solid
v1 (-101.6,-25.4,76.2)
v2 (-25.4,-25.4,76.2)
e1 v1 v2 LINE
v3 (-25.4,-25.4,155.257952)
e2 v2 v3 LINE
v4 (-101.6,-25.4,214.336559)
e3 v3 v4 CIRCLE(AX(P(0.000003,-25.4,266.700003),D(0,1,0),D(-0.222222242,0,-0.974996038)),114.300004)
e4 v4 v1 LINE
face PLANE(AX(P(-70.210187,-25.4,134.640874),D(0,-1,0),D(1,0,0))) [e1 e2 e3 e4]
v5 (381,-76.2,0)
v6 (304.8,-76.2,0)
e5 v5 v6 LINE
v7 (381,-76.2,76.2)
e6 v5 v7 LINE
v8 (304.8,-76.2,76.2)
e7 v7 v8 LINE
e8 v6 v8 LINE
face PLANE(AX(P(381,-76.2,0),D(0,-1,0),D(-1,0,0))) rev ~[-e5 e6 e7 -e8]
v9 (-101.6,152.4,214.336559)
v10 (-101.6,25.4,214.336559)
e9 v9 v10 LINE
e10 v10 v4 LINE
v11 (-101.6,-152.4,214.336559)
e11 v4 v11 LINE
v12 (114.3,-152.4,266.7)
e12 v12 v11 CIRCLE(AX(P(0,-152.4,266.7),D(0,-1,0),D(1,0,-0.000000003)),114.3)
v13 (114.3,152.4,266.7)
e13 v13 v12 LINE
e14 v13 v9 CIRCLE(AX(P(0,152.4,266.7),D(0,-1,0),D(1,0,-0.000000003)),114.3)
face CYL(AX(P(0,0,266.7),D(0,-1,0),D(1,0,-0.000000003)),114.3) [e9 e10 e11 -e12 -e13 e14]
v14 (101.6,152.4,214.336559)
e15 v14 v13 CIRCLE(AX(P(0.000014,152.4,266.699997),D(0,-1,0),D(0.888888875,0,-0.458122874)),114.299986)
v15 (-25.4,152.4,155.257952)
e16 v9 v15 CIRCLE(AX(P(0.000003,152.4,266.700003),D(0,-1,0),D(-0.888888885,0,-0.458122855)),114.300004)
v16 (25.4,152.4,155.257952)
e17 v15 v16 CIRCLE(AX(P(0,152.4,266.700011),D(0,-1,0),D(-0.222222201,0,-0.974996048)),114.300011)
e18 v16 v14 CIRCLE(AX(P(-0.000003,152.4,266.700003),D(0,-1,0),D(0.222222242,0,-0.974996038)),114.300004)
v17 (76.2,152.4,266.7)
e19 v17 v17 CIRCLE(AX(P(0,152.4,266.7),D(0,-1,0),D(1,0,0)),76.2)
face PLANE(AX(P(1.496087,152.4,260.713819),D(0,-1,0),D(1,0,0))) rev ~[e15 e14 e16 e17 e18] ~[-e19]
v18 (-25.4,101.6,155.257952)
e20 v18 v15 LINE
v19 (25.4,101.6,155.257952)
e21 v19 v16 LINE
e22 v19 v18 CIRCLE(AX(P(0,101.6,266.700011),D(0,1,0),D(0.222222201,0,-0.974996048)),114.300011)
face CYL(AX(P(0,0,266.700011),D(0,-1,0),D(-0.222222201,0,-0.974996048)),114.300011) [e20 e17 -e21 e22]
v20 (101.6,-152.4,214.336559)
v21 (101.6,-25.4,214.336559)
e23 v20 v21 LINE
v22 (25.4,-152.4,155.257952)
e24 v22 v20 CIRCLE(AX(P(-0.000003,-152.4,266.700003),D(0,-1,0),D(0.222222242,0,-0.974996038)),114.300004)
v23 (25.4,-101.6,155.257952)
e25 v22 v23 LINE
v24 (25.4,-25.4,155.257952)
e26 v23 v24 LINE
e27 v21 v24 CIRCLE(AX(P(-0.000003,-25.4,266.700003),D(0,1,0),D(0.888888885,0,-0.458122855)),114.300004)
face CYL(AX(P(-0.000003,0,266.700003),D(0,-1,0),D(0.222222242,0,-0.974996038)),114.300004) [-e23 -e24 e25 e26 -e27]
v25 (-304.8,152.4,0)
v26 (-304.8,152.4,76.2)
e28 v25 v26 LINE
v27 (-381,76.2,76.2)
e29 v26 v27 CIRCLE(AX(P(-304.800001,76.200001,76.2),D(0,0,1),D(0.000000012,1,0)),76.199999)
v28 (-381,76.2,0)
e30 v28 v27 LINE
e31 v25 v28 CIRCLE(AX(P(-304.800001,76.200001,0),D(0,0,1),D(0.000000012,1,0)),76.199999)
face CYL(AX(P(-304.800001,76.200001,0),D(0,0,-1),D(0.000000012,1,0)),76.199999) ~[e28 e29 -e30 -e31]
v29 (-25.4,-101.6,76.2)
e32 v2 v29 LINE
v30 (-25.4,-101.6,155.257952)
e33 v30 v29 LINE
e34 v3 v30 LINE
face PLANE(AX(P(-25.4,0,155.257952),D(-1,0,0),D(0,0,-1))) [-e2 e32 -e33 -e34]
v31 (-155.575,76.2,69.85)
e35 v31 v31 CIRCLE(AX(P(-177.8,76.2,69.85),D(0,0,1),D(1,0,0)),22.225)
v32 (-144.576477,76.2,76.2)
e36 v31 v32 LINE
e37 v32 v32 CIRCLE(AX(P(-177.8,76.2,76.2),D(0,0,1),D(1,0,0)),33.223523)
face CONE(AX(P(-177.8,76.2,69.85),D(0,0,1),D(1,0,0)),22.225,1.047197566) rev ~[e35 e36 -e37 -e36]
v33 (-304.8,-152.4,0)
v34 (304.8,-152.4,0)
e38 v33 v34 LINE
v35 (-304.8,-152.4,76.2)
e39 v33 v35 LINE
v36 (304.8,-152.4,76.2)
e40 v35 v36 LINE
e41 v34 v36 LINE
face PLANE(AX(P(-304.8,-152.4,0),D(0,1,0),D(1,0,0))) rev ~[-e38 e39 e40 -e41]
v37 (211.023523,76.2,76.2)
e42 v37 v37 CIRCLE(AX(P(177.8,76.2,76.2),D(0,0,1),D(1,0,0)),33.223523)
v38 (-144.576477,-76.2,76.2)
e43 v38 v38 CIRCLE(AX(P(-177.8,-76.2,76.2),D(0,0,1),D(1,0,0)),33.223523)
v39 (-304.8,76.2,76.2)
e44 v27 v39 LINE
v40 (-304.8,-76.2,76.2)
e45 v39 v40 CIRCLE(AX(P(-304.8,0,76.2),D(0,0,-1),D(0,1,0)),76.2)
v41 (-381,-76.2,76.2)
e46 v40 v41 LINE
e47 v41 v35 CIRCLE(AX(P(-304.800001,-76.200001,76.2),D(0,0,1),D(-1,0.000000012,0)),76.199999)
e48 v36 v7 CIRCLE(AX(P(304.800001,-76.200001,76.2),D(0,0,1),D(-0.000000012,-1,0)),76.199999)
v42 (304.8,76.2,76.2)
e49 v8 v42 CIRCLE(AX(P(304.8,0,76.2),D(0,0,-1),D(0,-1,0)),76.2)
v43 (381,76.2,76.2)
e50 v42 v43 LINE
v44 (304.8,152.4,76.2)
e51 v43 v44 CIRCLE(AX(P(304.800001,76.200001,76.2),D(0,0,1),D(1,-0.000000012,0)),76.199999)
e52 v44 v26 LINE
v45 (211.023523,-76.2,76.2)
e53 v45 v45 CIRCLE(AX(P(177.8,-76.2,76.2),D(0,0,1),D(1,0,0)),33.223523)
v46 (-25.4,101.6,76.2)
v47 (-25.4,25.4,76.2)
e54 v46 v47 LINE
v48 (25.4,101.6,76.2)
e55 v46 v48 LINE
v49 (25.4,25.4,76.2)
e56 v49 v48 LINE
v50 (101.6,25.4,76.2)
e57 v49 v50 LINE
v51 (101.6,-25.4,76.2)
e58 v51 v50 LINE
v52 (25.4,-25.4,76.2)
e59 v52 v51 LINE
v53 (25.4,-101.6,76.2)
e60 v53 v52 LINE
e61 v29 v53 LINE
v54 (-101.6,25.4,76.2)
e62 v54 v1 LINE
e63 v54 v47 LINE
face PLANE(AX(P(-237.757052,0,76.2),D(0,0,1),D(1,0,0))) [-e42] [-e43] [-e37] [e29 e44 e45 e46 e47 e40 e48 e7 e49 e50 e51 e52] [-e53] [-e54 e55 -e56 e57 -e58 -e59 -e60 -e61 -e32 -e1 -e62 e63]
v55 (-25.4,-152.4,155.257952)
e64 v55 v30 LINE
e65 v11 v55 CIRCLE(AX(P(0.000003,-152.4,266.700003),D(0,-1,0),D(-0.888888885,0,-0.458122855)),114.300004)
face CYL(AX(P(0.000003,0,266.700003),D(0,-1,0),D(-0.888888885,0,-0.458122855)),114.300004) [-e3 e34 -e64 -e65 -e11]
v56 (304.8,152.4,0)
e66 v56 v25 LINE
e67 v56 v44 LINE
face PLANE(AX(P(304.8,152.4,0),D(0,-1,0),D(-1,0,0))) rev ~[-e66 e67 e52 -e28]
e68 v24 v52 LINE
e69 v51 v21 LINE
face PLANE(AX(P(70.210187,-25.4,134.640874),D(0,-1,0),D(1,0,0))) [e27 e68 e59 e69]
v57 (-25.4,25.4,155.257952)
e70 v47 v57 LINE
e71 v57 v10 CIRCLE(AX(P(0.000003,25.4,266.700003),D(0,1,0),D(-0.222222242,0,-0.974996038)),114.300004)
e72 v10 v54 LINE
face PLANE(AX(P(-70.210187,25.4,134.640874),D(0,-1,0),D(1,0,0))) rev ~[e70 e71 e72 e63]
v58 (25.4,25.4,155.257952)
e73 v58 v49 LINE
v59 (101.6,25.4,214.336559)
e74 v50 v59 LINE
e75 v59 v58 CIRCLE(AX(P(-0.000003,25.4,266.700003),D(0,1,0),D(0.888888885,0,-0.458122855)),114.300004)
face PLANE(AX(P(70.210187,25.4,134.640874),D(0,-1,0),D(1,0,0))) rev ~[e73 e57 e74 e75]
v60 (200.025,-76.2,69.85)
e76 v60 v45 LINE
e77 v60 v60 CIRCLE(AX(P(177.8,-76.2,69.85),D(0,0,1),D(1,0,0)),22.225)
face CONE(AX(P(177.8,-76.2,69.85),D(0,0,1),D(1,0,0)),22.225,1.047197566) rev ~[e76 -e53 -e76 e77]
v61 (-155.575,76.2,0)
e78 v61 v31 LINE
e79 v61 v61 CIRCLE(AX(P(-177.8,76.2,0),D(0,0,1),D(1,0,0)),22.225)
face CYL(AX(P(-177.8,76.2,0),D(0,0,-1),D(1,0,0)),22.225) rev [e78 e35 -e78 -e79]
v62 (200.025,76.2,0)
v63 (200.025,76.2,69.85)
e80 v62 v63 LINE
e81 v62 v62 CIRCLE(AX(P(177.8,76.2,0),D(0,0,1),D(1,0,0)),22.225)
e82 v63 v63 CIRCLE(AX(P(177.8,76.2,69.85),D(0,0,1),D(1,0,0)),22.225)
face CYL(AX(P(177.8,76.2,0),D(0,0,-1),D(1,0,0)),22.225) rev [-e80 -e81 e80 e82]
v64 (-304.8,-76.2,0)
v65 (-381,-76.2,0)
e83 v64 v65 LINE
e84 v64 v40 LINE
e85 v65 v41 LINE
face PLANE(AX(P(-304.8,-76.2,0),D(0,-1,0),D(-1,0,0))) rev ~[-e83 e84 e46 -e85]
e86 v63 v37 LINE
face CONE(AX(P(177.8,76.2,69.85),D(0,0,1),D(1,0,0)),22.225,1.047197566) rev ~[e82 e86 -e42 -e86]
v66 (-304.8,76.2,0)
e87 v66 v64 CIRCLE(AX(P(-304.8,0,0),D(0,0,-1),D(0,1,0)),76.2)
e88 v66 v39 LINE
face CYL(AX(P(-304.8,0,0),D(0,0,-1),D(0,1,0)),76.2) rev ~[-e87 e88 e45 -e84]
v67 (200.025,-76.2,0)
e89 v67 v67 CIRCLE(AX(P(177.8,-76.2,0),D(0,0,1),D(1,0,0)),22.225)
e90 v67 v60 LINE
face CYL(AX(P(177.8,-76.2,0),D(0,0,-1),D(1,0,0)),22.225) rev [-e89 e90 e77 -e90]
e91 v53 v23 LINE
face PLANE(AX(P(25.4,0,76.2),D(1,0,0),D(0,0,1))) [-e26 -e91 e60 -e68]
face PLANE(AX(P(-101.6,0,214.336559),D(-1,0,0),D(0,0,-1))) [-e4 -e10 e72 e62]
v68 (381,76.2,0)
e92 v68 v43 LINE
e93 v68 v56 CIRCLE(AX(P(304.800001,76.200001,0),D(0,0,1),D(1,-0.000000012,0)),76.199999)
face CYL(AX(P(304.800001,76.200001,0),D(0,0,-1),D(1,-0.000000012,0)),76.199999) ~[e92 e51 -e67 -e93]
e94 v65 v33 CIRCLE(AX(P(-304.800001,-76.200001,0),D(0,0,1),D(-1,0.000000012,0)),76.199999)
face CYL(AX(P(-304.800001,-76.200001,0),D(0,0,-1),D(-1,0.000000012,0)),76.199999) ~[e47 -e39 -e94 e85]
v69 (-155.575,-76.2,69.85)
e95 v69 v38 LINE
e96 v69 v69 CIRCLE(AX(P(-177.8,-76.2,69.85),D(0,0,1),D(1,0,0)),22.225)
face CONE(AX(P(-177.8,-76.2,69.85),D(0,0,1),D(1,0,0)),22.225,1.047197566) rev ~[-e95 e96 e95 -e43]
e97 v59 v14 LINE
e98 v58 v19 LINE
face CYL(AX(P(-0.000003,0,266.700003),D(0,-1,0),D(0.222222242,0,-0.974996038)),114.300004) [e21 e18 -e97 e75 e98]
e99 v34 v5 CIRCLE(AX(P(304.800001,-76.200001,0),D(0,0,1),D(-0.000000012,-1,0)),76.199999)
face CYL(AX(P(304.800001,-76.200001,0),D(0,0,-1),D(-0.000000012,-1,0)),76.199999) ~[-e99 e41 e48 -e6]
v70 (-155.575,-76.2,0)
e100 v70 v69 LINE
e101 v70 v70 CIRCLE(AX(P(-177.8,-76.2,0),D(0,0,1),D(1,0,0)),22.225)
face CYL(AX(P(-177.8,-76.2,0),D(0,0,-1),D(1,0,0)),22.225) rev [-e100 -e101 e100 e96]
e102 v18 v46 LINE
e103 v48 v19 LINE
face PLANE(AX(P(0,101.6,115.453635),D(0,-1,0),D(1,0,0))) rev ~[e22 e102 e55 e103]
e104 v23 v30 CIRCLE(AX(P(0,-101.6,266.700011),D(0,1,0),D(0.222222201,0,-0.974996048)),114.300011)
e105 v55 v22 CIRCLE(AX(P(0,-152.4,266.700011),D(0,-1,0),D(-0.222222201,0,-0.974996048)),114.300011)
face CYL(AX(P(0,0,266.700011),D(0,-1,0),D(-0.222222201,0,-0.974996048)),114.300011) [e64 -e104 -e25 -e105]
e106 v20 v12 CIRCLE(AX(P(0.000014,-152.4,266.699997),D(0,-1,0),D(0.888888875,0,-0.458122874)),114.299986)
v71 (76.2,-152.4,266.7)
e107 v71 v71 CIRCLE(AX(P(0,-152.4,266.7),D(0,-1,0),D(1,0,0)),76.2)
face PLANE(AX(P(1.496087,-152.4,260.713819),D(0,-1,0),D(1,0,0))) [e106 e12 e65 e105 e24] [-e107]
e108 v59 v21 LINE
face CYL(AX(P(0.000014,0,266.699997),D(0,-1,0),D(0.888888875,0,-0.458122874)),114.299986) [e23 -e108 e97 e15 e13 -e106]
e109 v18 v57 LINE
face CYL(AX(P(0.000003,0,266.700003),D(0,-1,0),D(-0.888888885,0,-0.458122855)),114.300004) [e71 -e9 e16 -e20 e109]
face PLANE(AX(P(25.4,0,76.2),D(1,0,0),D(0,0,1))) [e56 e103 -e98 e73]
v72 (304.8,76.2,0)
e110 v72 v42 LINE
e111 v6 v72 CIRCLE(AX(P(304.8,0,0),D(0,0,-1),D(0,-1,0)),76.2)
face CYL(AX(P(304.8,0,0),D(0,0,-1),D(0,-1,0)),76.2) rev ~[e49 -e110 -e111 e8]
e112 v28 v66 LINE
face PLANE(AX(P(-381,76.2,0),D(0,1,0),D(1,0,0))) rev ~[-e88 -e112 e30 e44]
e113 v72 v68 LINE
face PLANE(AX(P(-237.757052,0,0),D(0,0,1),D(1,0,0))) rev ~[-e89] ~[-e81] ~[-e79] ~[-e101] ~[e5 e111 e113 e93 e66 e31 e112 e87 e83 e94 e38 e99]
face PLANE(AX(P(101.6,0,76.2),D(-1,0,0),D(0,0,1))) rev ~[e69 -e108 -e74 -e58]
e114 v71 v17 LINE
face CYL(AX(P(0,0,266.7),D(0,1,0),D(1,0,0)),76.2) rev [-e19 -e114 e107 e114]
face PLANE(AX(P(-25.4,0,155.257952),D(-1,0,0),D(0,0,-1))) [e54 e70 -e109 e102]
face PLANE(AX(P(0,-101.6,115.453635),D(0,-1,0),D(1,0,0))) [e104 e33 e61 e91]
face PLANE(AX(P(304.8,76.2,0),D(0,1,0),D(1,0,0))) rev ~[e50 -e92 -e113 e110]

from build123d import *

# Parameters (mm, degrees)
F0_R     = 38.1
F0_W     = 228.6
F0_H     = 304.8
F0_R_2   = 22.225
F1_DEPTH = 76.2
F2_SIZE2 = 10.998523
F2_SIZE  = 6.35
F4_DEPTH = 101.6
F5_DEPTH = 25.4
F3_R     = 76.2
F6_DEPTH = 152.4


with BuildPart() as f1:
    # F0 (on Top) → F1 (new body)
    with BuildSketch(Plane.XY):
        with BuildLine():
            Line((-114.3, 152.4), (-304.8, 152.4))
            ThreePointArc((-304.8, 152.4), (-358.681537, 130.081537), (-381, 76.2))
            Line((-381, 76.2), (-304.8, 76.2))
            ThreePointArc((-304.8, 76.2), (-228.6, 0), (-304.8, -76.2))
            Line((-304.8, -76.2), (-381, -76.2))
            ThreePointArc((-381, -76.2), (-358.681537, -130.081537), (-304.8, -152.4))
            Line((-304.8, -152.4), (-114.3, -152.4))
            Line((-114.3, -152.4), (-114.3, 152.4))
        make_face()
        with Locations((-177.8, -76.2)):
            Circle(F0_R, mode=Mode.SUBTRACT)
        with Locations((-177.8, 76.2)):
            Circle(F0_R, mode=Mode.SUBTRACT)
        Rectangle(F0_W, F0_H)
        with BuildLine():
            Line((304.8, 152.4), (114.3, 152.4))
            Line((114.3, 152.4), (114.3, -152.4))
            Line((114.3, -152.4), (304.8, -152.4))
            ThreePointArc((304.8, -152.4), (358.681537, -130.081537), (381, -76.2))
            Line((381, -76.2), (304.8, -76.2))
            ThreePointArc((304.8, -76.2), (228.6, 0), (304.8, 76.2))
            Line((304.8, 76.2), (381, 76.2))
            ThreePointArc((381, 76.2), (358.681537, 130.081537), (304.8, 152.4))
        make_face()
        with Locations((177.8, -76.2)):
            Circle(F0_R, mode=Mode.SUBTRACT)
        with Locations((177.8, 76.2)):
            Circle(F0_R, mode=Mode.SUBTRACT)
        with Locations((177.8, 76.2)):
            Circle(F0_R)
        with Locations((177.8, 76.2)):
            Circle(F0_R_2, mode=Mode.SUBTRACT)
        with Locations((177.8, -76.2)):
            Circle(F0_R)
        with Locations((177.8, -76.2)):
            Circle(F0_R_2, mode=Mode.SUBTRACT)
        with Locations((-177.8, -76.2)):
            Circle(F0_R)
        with Locations((-177.8, -76.2)):
            Circle(F0_R_2, mode=Mode.SUBTRACT)
        with Locations((-177.8, 76.2)):
            Circle(F0_R)
        with Locations((-177.8, 76.2)):
            Circle(F0_R_2, mode=Mode.SUBTRACT)
    extrude(amount=F1_DEPTH)

    # F2
    f2_edges = [f1.edges().sort_by_distance(p)[0] for p in [
        (-200.025, 76.2, 76.2),
        (-200.025, -76.2, 76.2),
        (155.575, -76.2, 76.2),
        (155.575, 76.2, 76.2),
    ]]
    chamfer(f2_edges, length=F2_SIZE, length2=F2_SIZE2)

    # F3 (on Front) → F4 (join, symmetric)
    with BuildSketch(Plane.XZ):
        with BuildLine():
            ThreePointArc((25.4, 155.257952), (0, 152.4), (-25.4, 155.257952))
            Line((-25.4, 155.257952), (-25.4, 76.2))
            Line((-25.4, 76.2), (25.4, 76.2))
            Line((25.4, 76.2), (25.4, 155.257952))
        make_face()
    extrude(amount=F4_DEPTH, both=True)

    # F3 (on Front) → F5 (join, symmetric)
    with BuildSketch(Plane.XZ):
        with BuildLine():
            Line((101.6, 76.2), (101.6, 214.336559))
            ThreePointArc((101.6, 214.336559), (70.034423, 176.369111), (25.4, 155.257952))
            Line((25.4, 155.257952), (25.4, 76.2))
            Line((25.4, 76.2), (101.6, 76.2))
        make_face()
        with BuildLine():
            ThreePointArc((-25.4, 155.257952), (-70.034423, 176.369111), (-101.6, 214.336559))
            Line((-101.6, 214.336559), (-101.6, 76.2))
            Line((-101.6, 76.2), (-25.4, 76.2))
            Line((-25.4, 76.2), (-25.4, 155.257952))
        make_face()
    extrude(amount=F5_DEPTH, both=True)

    # F3 (on Front) → F6 (join, symmetric)
    with BuildSketch(Plane.XZ):
        with BuildLine():
            ThreePointArc((101.6, 214.336559), (111.079634, 239.759232), (114.3, 266.7))
            ThreePointArc((114.3, 266.7), (-26.940768, 377.779634), (-101.6, 214.336559))
            ThreePointArc((-101.6, 214.336559), (-70.034423, 176.369111), (-25.4, 155.257952))
            ThreePointArc((-25.4, 155.257952), (0, 152.4), (25.4, 155.257952))
            ThreePointArc((25.4, 155.257952), (70.034423, 176.369111), (101.6, 214.336559))
        make_face()
        with Locations((0, 266.7)):
            Circle(F3_R, mode=Mode.SUBTRACT)
    extrude(amount=F6_DEPTH, both=True)


solid = f1.part
